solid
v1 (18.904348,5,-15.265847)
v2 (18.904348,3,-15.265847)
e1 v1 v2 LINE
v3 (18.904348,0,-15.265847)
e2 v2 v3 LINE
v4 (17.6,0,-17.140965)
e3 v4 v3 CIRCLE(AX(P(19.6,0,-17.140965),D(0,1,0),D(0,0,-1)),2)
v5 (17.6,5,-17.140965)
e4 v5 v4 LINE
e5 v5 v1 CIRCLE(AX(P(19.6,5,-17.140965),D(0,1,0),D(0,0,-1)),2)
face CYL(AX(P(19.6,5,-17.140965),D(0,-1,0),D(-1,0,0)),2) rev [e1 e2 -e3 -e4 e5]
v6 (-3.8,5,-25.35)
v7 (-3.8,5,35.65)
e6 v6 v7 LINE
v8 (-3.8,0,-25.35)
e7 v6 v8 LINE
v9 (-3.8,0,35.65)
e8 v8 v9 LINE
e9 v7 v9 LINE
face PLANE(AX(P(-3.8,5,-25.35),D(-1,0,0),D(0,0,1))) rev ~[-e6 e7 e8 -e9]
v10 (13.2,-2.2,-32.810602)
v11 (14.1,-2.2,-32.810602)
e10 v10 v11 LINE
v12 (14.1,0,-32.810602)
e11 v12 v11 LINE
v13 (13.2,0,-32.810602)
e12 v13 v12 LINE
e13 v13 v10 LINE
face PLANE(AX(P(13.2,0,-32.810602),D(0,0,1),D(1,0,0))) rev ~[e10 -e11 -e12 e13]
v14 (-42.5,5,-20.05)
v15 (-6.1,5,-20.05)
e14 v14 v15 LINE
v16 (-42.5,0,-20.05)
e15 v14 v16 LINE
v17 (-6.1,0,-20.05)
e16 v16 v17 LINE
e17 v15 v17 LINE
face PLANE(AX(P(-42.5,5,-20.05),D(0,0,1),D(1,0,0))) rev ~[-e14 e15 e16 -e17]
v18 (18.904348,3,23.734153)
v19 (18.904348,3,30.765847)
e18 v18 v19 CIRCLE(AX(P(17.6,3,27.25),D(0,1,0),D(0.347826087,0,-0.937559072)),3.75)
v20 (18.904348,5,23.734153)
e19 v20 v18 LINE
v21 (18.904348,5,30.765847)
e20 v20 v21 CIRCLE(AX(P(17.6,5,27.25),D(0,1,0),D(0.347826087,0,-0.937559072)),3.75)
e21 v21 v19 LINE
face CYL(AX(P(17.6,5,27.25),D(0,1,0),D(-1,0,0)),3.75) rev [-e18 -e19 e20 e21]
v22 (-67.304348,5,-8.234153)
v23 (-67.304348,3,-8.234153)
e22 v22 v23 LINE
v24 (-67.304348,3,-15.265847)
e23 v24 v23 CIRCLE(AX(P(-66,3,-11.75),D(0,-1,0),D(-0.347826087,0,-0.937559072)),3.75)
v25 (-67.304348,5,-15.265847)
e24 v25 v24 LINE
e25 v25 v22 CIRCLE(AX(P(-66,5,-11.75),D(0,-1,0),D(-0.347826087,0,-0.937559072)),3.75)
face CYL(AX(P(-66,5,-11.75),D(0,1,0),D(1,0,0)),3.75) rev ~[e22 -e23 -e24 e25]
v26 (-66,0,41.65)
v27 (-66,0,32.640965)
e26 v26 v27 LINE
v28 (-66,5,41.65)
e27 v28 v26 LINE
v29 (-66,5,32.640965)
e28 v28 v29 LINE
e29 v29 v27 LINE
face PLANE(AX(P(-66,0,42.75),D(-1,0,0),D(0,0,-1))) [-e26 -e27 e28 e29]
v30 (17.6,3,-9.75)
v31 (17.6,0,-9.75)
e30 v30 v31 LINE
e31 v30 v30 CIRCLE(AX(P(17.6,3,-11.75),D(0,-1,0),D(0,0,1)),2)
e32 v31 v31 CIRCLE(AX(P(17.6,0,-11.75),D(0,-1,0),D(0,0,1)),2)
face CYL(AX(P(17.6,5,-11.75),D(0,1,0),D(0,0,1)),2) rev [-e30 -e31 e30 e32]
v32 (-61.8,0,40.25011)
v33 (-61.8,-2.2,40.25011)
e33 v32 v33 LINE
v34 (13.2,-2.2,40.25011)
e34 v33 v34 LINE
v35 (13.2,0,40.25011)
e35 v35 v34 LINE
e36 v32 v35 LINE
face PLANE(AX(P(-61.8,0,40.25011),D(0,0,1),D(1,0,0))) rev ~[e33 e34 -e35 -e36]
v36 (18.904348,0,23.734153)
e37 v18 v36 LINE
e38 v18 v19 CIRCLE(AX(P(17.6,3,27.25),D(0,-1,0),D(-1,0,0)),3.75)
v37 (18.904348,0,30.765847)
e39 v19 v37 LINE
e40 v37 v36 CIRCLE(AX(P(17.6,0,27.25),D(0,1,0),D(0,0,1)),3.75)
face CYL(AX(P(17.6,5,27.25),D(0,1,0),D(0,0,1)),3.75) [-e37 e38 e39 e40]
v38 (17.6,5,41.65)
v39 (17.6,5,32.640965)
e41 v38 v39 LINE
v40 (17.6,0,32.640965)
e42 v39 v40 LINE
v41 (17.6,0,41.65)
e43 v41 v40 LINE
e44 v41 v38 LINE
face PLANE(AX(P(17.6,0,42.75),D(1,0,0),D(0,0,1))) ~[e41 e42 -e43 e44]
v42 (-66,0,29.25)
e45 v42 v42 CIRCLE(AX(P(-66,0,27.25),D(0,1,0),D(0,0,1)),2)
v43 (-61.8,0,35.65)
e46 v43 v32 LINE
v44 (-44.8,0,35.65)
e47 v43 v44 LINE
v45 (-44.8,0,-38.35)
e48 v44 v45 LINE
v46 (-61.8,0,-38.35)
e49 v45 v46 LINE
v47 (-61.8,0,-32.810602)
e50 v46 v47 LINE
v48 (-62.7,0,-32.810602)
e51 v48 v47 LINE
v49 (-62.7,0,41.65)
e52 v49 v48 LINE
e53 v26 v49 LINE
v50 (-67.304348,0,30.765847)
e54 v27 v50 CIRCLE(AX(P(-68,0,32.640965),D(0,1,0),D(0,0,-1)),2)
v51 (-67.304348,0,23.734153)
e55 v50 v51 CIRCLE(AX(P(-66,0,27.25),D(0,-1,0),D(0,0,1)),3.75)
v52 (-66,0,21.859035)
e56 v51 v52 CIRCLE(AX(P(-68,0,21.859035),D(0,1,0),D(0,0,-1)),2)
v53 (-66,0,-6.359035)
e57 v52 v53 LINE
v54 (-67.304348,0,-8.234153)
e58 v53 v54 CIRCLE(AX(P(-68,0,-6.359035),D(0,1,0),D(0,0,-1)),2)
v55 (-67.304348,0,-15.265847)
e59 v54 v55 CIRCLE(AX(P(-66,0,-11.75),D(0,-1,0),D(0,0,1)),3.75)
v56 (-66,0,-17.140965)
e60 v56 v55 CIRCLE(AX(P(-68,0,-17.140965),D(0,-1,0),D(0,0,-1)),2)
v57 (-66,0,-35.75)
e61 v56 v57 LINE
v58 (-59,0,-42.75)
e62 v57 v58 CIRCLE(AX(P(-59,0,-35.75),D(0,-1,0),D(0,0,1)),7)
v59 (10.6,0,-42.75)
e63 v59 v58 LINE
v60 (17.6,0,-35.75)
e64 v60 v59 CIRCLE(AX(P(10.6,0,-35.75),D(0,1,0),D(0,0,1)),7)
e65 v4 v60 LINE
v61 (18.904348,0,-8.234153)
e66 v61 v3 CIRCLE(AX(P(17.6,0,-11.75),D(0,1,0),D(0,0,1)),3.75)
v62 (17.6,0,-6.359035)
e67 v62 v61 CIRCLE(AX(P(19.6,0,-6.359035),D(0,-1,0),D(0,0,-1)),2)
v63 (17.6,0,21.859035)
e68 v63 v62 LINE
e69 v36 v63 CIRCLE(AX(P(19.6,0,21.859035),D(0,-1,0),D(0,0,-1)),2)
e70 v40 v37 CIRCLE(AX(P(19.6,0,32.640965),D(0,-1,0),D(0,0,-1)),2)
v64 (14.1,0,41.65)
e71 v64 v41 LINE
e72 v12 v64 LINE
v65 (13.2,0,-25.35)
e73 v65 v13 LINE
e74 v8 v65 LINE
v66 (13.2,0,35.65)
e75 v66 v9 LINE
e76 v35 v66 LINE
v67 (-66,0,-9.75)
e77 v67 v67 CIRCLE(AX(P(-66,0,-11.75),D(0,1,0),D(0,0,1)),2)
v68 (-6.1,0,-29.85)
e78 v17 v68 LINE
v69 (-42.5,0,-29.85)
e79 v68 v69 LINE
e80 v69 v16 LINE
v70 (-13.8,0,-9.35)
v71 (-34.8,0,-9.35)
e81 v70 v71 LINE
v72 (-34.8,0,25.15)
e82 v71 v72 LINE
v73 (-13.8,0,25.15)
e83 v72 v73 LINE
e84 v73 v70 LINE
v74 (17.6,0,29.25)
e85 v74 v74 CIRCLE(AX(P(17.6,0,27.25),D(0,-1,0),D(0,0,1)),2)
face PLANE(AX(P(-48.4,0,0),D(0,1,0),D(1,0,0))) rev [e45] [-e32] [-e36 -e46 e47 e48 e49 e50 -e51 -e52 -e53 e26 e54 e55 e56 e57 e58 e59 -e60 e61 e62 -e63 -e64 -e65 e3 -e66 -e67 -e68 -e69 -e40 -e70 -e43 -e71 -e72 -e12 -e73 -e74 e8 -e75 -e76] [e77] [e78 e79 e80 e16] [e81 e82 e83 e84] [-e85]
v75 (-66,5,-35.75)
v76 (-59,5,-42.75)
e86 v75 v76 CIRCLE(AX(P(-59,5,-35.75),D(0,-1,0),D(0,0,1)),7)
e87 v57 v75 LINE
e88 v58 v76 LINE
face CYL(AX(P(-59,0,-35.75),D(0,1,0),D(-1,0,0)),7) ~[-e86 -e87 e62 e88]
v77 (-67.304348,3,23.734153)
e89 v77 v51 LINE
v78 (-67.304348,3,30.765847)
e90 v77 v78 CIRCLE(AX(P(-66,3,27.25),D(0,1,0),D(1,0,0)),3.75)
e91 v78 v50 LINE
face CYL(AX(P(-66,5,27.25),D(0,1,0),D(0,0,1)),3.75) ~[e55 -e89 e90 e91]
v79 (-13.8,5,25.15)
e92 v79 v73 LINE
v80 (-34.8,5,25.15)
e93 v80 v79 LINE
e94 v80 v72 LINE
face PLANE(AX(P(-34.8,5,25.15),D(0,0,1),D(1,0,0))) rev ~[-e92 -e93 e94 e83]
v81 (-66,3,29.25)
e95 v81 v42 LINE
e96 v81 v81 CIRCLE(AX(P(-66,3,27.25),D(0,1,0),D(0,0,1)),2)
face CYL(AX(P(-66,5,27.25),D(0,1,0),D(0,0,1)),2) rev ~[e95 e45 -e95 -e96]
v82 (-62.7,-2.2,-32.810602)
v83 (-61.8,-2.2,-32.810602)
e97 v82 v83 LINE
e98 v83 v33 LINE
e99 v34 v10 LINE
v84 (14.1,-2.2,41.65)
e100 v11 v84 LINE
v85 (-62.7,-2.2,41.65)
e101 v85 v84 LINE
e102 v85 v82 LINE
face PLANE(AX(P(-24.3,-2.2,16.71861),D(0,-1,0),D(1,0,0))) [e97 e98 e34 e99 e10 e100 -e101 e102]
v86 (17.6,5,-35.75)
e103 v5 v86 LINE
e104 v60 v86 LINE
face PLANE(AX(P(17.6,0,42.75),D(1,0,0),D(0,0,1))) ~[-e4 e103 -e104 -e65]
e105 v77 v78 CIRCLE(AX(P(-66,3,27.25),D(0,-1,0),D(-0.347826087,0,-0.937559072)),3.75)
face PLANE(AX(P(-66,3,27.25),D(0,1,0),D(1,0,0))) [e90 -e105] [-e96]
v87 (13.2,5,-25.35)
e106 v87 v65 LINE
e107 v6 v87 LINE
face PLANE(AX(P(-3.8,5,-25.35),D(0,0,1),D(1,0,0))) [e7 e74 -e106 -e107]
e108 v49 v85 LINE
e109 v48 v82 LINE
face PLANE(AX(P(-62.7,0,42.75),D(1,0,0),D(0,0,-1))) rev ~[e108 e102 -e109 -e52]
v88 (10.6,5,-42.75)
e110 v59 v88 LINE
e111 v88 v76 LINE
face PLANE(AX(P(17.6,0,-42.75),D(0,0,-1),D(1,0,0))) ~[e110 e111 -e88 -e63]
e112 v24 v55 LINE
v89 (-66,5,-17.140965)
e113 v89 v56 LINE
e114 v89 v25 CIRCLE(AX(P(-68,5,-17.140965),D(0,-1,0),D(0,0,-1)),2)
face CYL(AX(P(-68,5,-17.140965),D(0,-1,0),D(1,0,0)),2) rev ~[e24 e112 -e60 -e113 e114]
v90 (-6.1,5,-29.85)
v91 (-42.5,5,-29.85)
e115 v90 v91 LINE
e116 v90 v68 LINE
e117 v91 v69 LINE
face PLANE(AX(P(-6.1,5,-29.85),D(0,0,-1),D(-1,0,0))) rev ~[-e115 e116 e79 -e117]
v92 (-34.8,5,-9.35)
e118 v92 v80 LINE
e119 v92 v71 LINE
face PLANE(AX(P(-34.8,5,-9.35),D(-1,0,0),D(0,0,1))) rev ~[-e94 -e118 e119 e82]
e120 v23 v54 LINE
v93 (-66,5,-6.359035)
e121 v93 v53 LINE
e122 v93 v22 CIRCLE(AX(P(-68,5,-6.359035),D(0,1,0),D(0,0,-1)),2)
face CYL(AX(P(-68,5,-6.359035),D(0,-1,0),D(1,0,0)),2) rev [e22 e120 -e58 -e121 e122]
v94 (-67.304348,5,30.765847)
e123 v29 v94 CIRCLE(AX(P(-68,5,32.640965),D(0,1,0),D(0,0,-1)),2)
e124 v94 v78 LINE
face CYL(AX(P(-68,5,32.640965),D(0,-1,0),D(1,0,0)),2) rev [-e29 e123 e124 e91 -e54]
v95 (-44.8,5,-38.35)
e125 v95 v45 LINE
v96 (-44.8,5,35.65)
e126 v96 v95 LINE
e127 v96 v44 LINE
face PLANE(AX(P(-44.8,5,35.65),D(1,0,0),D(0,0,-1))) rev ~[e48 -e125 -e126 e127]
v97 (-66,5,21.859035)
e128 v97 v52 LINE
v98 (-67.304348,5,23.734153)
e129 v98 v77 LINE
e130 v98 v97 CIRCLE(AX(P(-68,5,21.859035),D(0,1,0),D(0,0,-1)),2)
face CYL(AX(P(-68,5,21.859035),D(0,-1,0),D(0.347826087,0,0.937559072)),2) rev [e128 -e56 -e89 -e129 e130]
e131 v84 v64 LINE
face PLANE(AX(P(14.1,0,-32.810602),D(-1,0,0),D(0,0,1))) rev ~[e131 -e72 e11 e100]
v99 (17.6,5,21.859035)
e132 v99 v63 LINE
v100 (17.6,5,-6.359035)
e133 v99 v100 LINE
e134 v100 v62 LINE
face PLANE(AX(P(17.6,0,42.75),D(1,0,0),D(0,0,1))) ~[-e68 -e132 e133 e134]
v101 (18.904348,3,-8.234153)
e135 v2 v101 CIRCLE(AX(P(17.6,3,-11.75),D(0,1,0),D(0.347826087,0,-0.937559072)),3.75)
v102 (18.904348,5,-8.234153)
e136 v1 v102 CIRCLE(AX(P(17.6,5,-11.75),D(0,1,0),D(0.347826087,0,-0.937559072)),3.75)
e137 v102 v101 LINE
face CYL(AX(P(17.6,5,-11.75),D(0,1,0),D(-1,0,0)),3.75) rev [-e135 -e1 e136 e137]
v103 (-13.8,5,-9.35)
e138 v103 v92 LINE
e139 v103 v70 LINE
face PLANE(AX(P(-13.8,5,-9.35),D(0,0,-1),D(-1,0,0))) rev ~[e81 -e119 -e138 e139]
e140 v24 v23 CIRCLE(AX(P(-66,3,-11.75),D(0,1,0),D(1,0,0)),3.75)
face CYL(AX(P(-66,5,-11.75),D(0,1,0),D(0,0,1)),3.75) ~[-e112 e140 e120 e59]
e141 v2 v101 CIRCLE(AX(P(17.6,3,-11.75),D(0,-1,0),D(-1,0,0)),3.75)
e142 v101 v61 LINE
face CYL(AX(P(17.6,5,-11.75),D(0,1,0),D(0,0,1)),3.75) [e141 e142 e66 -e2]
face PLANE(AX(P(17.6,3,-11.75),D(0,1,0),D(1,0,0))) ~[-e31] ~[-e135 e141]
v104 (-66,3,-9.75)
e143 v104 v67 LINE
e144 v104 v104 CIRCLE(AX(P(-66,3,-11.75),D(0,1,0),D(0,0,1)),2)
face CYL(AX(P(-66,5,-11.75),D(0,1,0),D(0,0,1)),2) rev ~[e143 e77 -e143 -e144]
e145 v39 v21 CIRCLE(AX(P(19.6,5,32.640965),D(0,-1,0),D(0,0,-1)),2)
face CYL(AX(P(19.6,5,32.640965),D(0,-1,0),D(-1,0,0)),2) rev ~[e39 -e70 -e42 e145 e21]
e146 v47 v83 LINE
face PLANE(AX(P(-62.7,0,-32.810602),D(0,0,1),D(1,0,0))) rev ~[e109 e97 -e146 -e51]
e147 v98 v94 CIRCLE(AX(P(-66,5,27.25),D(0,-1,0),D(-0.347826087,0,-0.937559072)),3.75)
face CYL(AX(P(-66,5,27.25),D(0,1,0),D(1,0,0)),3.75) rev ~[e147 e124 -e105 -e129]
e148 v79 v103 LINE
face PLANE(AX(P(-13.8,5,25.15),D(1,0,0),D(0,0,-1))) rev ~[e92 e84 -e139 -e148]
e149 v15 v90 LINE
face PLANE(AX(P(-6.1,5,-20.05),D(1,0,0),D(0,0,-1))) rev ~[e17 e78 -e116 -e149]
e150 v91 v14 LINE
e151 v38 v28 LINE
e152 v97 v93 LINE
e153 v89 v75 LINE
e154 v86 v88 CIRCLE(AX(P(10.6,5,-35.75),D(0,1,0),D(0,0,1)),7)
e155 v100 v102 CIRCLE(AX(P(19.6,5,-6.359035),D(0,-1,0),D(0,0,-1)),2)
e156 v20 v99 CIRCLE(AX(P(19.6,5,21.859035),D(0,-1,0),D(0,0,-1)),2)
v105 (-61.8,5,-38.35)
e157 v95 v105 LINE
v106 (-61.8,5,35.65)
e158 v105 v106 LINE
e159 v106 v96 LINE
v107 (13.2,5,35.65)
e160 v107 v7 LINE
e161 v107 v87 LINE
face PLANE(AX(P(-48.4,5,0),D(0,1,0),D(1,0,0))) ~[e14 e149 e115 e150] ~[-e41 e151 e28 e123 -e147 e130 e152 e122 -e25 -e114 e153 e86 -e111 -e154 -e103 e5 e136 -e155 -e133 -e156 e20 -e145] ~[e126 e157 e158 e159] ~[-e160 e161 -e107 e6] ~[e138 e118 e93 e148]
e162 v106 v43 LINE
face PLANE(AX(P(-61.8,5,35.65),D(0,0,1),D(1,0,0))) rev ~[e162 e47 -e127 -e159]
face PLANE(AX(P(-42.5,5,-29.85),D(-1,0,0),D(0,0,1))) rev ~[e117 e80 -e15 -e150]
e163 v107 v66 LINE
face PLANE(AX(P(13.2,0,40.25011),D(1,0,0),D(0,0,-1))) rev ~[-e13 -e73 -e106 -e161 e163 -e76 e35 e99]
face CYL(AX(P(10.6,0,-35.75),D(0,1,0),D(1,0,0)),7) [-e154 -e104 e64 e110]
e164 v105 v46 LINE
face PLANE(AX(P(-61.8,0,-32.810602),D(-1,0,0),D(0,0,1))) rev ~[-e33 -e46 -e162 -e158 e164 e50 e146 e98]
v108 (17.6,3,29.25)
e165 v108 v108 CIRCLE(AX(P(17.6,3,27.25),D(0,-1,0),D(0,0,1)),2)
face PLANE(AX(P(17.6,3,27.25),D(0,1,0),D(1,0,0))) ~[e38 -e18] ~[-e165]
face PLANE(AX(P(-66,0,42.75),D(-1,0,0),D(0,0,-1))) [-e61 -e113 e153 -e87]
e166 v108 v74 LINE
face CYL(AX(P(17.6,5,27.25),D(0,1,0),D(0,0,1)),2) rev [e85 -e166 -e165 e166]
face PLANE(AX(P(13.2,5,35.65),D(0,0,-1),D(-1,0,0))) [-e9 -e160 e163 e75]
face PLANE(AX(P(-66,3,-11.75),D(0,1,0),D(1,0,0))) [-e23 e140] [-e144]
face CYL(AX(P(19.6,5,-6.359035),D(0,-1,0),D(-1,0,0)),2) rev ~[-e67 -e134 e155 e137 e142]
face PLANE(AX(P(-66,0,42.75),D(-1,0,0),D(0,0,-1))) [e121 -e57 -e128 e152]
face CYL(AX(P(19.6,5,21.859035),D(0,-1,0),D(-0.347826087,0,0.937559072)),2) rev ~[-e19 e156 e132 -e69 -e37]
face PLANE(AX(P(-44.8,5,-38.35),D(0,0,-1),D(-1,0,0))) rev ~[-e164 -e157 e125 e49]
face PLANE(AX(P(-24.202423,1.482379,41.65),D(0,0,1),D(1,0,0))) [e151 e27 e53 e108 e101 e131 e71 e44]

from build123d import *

# Parameters (mm, degrees)
SKETCH1_W           = 132
SKETCH1_H           = 85.5
BOSS_EXTRUDE1_DEPTH = 5
BOSS_EXTRUDE3_DEPTH = 5
FILLET1_R           = 2
SKETCH5_R           = 2
CUT_EXTRUDE1_DEPTH  = 7
SKETCH6_R           = 3.75
CUT_EXTRUDE2_DEPTH  = 2
FILLET2_R           = 7
SKETCH7_W           = 101.652764849
SKETCH7_H           = 21.79377459
CUT_EXTRUDE3_DEPTH  = 90
CUT_EXTRUDE4_DEPTH  = 5
BOSS_EXTRUDE4_DEPTH = 2.2
CUT_EXTRUDE5_DEPTH  = 1.1


with BuildPart() as part:
    # Sketch1 → Boss-Extrude1 (new body)
    with BuildSketch(Plane(origin=(0, 0, 0), x_dir=(1, 0, 0), z_dir=(0, 1, 0))):
        Rectangle(SKETCH1_W, SKETCH1_H)
    extrude(amount=BOSS_EXTRUDE1_DEPTH)

    # Sketch4 → Boss-Extrude3 (add)
    with BuildSketch(Plane(origin=(0, 5, 0), x_dir=(1, 0, 0), z_dir=(0, 1, 0))):
        with BuildLine():
            Line((-66, 15.5), (-66, 8))
            ThreePointArc((-66, 8), (-69.75, 11.75), (-66, 15.5))
        make_face()
        with BuildLine():
            Line((-66, -23.5), (-66, -31))
            ThreePointArc((-66, -31), (-69.75, -27.25), (-66, -23.5))
        make_face()
        with BuildLine():
            Line((66, -31), (66, -23.5))
            ThreePointArc((66, -23.5), (69.75, -27.25), (66, -31))
        make_face()
        with BuildLine():
            Line((66, 8), (66, 15.5))
            ThreePointArc((66, 15.5), (69.75, 11.75), (66, 8))
        make_face()
    extrude(amount=-BOSS_EXTRUDE3_DEPTH)

    # Fillet1
    fillet1_edges = [part.edges().sort_by_distance(p)[0] for p in [
        (-66, 2.5, -8),
        (-66, 2.5, -15.5),
        (-66, 2.5, 31),
        (-66, 2.5, 23.5),
        (66, 2.5, 23.5),
        (66, 2.5, 31),
        (66, 2.5, -15.5),
        (66, 2.5, -8),
    ]]
    fillet(fillet1_edges, radius=FILLET1_R)

    # Sketch5 → Cut-Extrude1 (cut)
    with BuildSketch(Plane(origin=(0, 5, 0), x_dir=(1, 0, 0), z_dir=(0, 1, 0))):
        with Locations(Location((-66, 11.75, 0), (0, 0, 270))):
            Circle(SKETCH5_R)
        with Locations(Location((66, 11.75, 0), (0, 0, 270))):
            Circle(SKETCH5_R)
        with Locations(Location((66, -27.25, 0), (0, 0, 270))):
            Circle(SKETCH5_R)
        with Locations(Location((-66, -27.25, 0), (0, 0, 270))):
            Circle(SKETCH5_R)
    extrude(amount=-CUT_EXTRUDE1_DEPTH, mode=Mode.SUBTRACT)

    # Sketch6 → Cut-Extrude2 (cut)
    with BuildSketch(Plane(origin=(0, 5, 0), x_dir=(1, 0, 0), z_dir=(0, 1, 0))):
        with Locations((-66, 11.75)):
            Circle(SKETCH6_R)
        with Locations((-66, -27.25)):
            Circle(SKETCH6_R)
        with Locations((66, -27.25)):
            Circle(SKETCH6_R)
        with Locations((66, 11.75)):
            Circle(SKETCH6_R)
    extrude(amount=-CUT_EXTRUDE2_DEPTH, mode=Mode.SUBTRACT)

    # Fillet2
    fillet2_edges = [part.edges().sort_by_distance(p)[0] for p in [
        (-66, 2.5, -42.75),
        (66, 2.5, -42.75),
    ]]
    fillet(fillet2_edges, radius=FILLET2_R)

    # Sketch7 → Cut-Extrude3 (cut)
    with BuildSketch(Plane.XY.offset(42.75)):
        with Locations((26.626382425, 4.310675182)):
            Rectangle(SKETCH7_W, SKETCH7_H)
    extrude(amount=-CUT_EXTRUDE3_DEPTH, mode=Mode.SUBTRACT)

    # Mirror1: part across plane


with BuildPart() as part_1:
    add(part.part)
    add(part.part.mirror(Plane(origin=(-24.2, 15.207562477, -47.25), x_dir=(0, 0, 1), z_dir=(-1, 0, 0))))

    # Sketch9 → Cut-Extrude4 (cut)
    with BuildSketch(Plane(origin=(0, 5, 0), x_dir=(1, 0, 0), z_dir=(0, 1, 0))):
        Polygon((-44.8, -26.35), (-44.8, 38.35), (-61.8, 38.35), (-61.8, -26.35), (-61.8, -35.65), (-44.8, -35.65), align=None)
        Polygon((-34.8, -25.15), (-23.1, -25.15), (-13.8, -25.15), (-13.8, -8.65), (-13.8, 9.35), (-23.1, 9.35), (-34.8, 9.35), (-34.8, -8.65), align=None)
        Polygon((13.2, -26.35), (13.2, -35.65), (-3.8, -35.65), (-3.8, -26.35), (-3.8, 25.35), (13.2, 25.35), align=None)
        Polygon((-22.6, 29.85), (-42.5, 29.85), (-42.5, 20.05), (-6.1, 20.05), (-6.1, 29.85), align=None)
    extrude(amount=-CUT_EXTRUDE4_DEPTH, mode=Mode.SUBTRACT)

    # Sketch11 → Boss-Extrude4 (add)
    with BuildSketch(Plane.XZ):
        Polygon((14.1, 42.75), (-62.7, 42.75), (-62.7, -32.810601847), (-61.8, -32.810601847), (-61.8, 40.250110422), (13.2, 40.250110422), (13.2, -32.810601847), (14.1, -32.810601847), align=None)
    extrude(amount=BOSS_EXTRUDE4_DEPTH)

    # Sketch12 → Cut-Extrude5 (cut)
    with BuildSketch(Plane.XY.offset(42.75)):
        Polygon((-66, 0), (-62.7, 0), (-62.7, -2.2), (14.1, -2.2), (14.1, 0), (17.6, 0), (17.6, 5), (-66, 5), align=None)
    extrude(amount=-CUT_EXTRUDE5_DEPTH, mode=Mode.SUBTRACT)


solid = part_1.part
